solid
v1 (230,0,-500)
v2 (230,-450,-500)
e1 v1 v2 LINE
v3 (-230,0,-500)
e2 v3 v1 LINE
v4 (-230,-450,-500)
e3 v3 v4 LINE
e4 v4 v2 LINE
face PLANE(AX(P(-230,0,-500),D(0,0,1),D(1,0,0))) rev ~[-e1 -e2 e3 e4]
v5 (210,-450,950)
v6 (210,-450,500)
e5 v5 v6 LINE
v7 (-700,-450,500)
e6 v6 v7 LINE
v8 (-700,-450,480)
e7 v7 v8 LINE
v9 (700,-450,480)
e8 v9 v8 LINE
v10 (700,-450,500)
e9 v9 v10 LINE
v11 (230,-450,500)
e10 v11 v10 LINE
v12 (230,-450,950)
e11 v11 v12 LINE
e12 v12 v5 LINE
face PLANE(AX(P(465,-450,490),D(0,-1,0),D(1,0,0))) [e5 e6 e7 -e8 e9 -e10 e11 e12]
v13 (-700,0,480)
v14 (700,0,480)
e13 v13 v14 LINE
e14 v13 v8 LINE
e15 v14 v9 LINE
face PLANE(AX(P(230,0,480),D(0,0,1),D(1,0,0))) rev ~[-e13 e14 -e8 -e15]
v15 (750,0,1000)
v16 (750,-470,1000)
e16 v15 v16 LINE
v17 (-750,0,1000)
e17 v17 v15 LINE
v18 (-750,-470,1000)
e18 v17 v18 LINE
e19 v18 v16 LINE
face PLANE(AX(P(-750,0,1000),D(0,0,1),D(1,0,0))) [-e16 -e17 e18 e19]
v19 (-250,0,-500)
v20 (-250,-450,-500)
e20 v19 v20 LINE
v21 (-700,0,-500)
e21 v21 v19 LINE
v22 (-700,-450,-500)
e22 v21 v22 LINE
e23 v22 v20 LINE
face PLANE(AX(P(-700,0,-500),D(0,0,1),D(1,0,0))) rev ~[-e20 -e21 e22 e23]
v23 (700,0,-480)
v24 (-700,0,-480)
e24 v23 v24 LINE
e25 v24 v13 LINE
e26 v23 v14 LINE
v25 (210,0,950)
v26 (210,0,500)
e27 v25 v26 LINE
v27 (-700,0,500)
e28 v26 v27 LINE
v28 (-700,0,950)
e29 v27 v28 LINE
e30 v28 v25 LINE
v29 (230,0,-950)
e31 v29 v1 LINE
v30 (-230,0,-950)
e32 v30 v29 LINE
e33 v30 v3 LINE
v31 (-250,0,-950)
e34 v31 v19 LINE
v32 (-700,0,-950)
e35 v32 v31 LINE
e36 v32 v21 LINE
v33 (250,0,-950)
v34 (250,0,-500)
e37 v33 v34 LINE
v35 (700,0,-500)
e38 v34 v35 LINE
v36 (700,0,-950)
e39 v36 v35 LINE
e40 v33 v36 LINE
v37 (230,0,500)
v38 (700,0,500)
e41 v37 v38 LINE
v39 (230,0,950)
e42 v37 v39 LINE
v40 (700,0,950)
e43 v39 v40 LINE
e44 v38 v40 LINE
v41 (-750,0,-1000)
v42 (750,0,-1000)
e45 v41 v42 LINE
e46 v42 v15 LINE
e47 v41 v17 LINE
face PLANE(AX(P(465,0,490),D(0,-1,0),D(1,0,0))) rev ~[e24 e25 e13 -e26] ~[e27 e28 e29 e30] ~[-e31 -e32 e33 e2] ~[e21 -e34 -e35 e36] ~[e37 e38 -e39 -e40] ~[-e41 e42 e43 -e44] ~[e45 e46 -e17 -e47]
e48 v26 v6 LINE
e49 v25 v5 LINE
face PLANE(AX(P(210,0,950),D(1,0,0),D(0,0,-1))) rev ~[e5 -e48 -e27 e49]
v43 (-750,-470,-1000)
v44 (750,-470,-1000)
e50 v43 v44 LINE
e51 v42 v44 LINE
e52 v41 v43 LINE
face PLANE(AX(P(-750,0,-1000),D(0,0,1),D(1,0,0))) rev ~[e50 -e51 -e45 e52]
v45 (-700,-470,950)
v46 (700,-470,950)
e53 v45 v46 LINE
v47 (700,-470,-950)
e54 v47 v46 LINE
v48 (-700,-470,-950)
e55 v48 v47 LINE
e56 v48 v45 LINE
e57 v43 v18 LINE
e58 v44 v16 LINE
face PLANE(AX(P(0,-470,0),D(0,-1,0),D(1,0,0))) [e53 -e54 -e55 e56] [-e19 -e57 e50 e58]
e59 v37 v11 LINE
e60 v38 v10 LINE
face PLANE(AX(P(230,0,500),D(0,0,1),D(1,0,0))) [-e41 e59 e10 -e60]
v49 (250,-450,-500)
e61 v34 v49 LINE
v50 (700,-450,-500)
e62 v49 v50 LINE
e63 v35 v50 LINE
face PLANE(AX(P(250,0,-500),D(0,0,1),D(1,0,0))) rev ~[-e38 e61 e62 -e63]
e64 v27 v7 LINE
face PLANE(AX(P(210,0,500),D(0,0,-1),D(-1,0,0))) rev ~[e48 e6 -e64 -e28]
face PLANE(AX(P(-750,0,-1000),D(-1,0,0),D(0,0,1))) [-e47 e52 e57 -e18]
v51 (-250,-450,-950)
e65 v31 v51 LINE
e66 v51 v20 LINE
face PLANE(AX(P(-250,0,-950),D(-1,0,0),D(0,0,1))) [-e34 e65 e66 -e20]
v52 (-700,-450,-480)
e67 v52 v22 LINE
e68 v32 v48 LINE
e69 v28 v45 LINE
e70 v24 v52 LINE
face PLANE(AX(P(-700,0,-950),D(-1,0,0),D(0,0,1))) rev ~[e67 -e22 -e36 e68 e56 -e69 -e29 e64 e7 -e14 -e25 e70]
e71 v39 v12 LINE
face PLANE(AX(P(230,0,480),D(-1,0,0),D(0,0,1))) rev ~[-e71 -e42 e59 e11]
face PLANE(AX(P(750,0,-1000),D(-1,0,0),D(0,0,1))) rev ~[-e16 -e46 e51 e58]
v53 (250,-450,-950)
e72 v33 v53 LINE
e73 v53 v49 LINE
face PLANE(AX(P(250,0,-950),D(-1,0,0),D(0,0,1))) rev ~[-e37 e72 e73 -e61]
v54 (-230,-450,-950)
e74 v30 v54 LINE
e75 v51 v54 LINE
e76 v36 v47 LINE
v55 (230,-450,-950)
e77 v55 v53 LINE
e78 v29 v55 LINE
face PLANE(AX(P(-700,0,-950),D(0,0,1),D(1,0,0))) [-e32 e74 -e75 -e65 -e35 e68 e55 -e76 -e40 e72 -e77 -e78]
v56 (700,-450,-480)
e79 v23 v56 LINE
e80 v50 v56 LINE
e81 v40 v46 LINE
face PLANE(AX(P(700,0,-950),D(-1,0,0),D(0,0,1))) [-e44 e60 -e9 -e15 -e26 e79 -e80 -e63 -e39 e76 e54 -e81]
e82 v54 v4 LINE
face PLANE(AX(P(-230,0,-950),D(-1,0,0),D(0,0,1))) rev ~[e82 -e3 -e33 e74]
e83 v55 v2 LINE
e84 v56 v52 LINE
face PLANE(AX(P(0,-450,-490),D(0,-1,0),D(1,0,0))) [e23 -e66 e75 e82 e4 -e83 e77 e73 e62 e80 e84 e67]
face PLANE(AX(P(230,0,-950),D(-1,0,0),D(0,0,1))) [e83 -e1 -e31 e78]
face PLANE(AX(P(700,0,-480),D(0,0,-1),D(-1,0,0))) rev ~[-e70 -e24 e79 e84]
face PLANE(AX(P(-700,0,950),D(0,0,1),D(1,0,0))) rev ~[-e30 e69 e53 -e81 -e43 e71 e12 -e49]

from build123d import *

# Parameters (mm, degrees)
F0_W     = 1500
F0_H     = 2000
F0_W_2   = 1400
F0_H_2   = 1900
F1_DEPTH = 470
F2_W     = 20
F2_H     = 450
F3_DEPTH = 450
F5_DEPTH = 450
F6_W     = 470
F6_H     = 20
F7_DEPTH = 450


with BuildPart() as f1:
    # F0 (on Front) → F1 (new body)
    with BuildSketch(Plane.XZ):
        Rectangle(F0_W, F0_H)
        Rectangle(F0_W_2, F0_H_2, mode=Mode.SUBTRACT)
    extrude(amount=F1_DEPTH)

    # F2 (on Front) → F3 (join)
    with BuildSketch(Plane.XZ):
        Polygon((700, -500), (700, -480), (-700, -480), (-700, -500), (-250, -500), (-230, -500), (230, -500), (250, -500), align=None)
        with Locations((240, -725)):
            Rectangle(F2_W, F2_H)
        with Locations((-240, -725)):
            Rectangle(F2_W, F2_H)
    extrude(amount=F3_DEPTH)

    # F4 (on Front) → F5 (join)
    with BuildSketch(Plane.XZ):
        Polygon((230, 950), (210, 950), (210, 500), (-700, 500), (-700, 480), (230, 480), align=None)
    extrude(amount=F5_DEPTH)

    # F6 (on Front) → F7 (join)
    with BuildSketch(Plane.XZ):
        with Locations((465, 490)):
            Rectangle(F6_W, F6_H)
    extrude(amount=F7_DEPTH)


solid = f1.part
